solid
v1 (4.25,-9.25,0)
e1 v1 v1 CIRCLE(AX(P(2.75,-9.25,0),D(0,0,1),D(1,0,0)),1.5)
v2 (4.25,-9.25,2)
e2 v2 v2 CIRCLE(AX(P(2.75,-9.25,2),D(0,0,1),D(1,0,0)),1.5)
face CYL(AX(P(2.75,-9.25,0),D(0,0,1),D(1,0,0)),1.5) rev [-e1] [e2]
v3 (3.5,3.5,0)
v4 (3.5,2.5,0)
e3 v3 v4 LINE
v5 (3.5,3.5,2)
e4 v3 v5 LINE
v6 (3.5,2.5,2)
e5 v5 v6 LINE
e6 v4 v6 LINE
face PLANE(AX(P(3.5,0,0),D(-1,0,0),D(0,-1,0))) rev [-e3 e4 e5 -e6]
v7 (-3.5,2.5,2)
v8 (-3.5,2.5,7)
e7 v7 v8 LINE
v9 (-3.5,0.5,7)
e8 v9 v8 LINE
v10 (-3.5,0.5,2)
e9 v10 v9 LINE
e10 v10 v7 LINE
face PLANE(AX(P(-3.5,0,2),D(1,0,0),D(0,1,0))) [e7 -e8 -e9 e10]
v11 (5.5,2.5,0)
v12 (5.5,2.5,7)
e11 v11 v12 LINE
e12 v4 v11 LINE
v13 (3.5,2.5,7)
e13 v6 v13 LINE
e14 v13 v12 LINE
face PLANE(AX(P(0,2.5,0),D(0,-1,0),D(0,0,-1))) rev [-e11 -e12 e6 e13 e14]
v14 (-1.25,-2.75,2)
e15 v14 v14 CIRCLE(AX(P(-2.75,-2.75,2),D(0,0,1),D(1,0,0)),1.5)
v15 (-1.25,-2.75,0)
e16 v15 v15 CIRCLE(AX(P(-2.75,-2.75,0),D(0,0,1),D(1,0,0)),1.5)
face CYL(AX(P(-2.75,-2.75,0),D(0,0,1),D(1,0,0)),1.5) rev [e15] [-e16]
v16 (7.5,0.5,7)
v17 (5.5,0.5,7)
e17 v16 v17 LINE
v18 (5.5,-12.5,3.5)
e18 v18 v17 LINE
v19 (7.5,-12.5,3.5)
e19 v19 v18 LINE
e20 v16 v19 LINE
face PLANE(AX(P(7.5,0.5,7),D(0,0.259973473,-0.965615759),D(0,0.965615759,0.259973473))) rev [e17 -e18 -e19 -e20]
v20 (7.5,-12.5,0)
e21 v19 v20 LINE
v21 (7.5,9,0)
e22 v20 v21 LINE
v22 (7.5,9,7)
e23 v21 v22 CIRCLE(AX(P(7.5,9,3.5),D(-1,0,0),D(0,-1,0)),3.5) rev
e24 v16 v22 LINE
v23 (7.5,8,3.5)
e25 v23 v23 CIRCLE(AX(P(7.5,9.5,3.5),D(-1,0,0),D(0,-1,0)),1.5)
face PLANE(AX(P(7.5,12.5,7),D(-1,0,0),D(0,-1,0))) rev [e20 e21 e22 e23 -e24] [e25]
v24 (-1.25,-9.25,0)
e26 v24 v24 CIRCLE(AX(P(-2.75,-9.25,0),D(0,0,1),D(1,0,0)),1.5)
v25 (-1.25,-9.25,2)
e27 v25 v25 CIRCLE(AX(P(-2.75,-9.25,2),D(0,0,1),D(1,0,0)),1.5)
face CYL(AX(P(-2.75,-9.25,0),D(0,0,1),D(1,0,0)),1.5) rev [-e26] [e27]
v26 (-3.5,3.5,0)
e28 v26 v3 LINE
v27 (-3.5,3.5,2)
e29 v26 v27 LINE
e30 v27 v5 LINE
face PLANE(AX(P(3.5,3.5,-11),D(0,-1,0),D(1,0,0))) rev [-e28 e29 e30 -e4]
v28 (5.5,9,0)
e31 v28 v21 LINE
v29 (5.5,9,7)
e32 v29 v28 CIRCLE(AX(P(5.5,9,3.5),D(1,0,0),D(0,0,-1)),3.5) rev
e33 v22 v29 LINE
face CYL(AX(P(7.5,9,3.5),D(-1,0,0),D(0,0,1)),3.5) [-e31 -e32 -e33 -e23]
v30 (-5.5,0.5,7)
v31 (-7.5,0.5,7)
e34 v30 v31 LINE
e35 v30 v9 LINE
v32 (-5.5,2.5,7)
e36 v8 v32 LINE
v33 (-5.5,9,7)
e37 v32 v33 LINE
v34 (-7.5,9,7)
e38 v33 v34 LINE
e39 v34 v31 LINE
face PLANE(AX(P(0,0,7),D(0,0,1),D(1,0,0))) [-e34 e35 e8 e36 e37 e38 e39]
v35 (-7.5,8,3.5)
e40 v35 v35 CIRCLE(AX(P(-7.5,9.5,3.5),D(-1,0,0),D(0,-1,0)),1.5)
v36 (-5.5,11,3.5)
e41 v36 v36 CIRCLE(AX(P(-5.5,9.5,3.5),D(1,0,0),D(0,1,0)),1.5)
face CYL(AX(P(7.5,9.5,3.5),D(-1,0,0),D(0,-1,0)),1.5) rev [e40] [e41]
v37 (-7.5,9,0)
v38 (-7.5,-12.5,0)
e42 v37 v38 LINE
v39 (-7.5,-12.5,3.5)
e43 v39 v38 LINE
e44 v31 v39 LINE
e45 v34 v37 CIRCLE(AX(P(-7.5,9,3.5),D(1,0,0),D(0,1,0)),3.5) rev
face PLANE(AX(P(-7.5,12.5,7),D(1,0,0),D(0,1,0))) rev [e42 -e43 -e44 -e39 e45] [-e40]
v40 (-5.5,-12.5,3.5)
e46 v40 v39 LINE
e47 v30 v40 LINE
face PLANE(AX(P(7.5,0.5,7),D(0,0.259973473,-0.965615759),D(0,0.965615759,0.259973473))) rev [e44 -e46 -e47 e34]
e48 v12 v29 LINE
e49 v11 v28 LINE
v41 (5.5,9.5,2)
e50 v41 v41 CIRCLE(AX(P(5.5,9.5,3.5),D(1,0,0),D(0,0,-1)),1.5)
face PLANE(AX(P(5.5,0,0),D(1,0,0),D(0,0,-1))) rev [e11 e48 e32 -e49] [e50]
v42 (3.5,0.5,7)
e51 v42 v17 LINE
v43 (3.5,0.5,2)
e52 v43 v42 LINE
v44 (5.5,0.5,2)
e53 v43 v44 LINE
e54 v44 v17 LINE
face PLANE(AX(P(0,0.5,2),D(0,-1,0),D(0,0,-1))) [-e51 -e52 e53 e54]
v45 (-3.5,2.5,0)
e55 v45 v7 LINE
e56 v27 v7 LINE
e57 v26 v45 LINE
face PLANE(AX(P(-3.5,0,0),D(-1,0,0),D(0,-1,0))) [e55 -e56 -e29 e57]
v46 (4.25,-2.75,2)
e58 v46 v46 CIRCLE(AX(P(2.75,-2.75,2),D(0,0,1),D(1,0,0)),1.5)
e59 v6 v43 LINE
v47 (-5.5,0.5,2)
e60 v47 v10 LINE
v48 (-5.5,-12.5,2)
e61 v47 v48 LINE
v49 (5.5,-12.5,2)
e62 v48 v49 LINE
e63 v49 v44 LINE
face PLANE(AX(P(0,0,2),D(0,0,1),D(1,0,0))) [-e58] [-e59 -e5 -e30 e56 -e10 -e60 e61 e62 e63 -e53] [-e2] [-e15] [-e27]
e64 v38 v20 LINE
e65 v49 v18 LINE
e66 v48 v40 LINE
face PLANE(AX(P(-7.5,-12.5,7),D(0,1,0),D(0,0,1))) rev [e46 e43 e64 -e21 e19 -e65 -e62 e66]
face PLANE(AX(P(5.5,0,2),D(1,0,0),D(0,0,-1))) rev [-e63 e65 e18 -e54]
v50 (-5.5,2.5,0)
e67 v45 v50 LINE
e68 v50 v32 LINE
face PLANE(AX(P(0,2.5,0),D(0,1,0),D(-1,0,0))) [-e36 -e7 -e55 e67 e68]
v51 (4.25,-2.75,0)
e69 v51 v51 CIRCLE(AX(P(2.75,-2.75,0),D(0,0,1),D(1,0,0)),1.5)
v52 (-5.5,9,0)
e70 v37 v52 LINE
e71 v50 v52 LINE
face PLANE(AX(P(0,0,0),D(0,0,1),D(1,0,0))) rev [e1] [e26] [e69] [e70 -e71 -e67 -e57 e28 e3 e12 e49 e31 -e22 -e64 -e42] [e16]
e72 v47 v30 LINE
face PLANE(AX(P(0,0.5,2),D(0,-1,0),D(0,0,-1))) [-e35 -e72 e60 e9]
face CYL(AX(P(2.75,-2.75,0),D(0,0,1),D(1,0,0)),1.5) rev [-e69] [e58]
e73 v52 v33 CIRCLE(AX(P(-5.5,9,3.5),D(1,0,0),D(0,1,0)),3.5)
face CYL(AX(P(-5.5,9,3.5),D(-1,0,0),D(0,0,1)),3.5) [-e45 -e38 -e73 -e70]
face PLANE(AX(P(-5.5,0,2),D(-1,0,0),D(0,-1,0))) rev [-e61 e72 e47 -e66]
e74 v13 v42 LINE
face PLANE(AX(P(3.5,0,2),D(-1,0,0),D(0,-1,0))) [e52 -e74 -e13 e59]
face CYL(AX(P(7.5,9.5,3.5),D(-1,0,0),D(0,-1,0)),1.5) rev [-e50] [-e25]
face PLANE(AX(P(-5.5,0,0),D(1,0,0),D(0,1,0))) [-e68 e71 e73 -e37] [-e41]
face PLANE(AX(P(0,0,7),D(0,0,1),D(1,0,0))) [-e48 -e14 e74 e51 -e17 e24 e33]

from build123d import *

# Parameters (mm, degrees)
SKETCH_1_W          = 15
SKETCH_1_H          = 25
EXTRUDE_1_DEPTH     = 7
CUT_EXTRUDE_1_DEPTH = 5
SKETCH_3_W          = 2
SKETCH_3_H          = 10
CUT_EXTRUDE_2_DEPTH = 13
SKETCH_4_W          = 2
SKETCH_4_H          = 3
CUT_EXTRUDE_3_DEPTH = 20.345542122
SKETCH_5_W          = 7
SKETCH_5_H          = 6
CUT_EXTRUDE_4_DEPTH = 13
SKETCH_6_R          = 1.5
EXTRUDE_2_DEPTH     = 2
EXTRUDE_START       = 2
SKETCH_7_R          = 1.5
EXTRUDE_3_DEPTH     = 2
CUT_EXTRUDE_5_DEPTH = 21.742468513
SKETCH_9_R          = 1.5
CUT_EXTRUDE_6_DEPTH = 16.411035007
SKETCH_10_W         = 4
SKETCH_10_H         = 10
EXTRUDE_5_DEPTH     = 7
SKETCH_12_W         = 2
SKETCH_12_H         = 10
CUT_EXTRUDE_7_DEPTH = 17.170961629
SKETCH_14_R         = 1.5
CUT_EXTRUDE_9_DEPTH = 21.742468513
FILLET_1_RADIUS     = 3.5
FILLET_1_LENGTH     = 2
FILLET_2_RADIUS     = 3.5
FILLET_2_LENGTH     = 2


with BuildPart() as part:
    # Эскиз1 → Бобышка-Вытянуть1 (new body)
    with BuildSketch(Plane.XY):
        Rectangle(SKETCH_1_W, SKETCH_1_H)
    extrude(amount=EXTRUDE_1_DEPTH)

    # Эскиз2 → Вырез-Вытянуть1 (cut)
    with BuildSketch(Plane.XY.offset(7)):
        Polygon((-3.5, 0.5), (-5.5, 0.5), (-5.5, -12.5), (5.5, -12.5), (5.5, 0.5), (3.5, 0.5), (3.5, 12.5), (-3.5, 12.5), align=None)
    extrude(amount=-CUT_EXTRUDE_1_DEPTH, mode=Mode.SUBTRACT)

    # Эскиз3 → Вырез-Вытянуть2 (cut)
    with BuildSketch(Plane.XY.offset(7)):
        with Locations((-6.5, 7.5)):
            Rectangle(SKETCH_3_W, SKETCH_3_H)
        with Locations((6.5, 7.5)):
            Rectangle(SKETCH_3_W, SKETCH_3_H)
    extrude(amount=-CUT_EXTRUDE_2_DEPTH, mode=Mode.SUBTRACT)

    # Эскиз4 → Вырез-Вытянуть3 (cut, through all)
    with BuildSketch(Plane.ZY.offset(5.5)):
        with Locations((6, 11)):
            Rectangle(SKETCH_4_W, SKETCH_4_H)
        with Locations((1, 11)):
            Rectangle(SKETCH_4_W, SKETCH_4_H)
    extrude(amount=-CUT_EXTRUDE_3_DEPTH, mode=Mode.SUBTRACT)

    # Эскиз5 → Вырез-Вытянуть4 (cut)
    with BuildSketch(Plane.XY.offset(2)):
        with Locations((0, 6.5)):
            Rectangle(SKETCH_5_W, SKETCH_5_H)
    extrude(amount=-CUT_EXTRUDE_4_DEPTH, mode=Mode.SUBTRACT)

    # Эскиз6 → Бобышка-Вытянуть2 (add)
    with BuildSketch(Plane.ZY.offset(5.5)):
        with Locations(Location((3.5, 9.5, 0), (0, 0, 180))):
            Circle(SKETCH_6_R)
    extrude(amount=EXTRUDE_2_DEPTH)

    # Эскиз7 → Бобышка-Вытянуть3 (add)
    with BuildSketch(Plane(origin=(5.5, 0, 0), x_dir=(0, 0, -1), z_dir=(1, 0, 0)).offset(EXTRUDE_START)):
        with Locations((-3.5, 9.5)):
            Circle(SKETCH_7_R)
    extrude(amount=-EXTRUDE_3_DEPTH)

    # Эскиз8 → Вырез-Вытянуть5 (cut, through all)
    with BuildSketch(Plane.ZY.offset(7.5)):
        Polygon((7, 0.5), (3.5, -12.5), (7, -12.5), align=None)
    extrude(amount=-CUT_EXTRUDE_5_DEPTH, mode=Mode.SUBTRACT)

    # Эскиз9 → Вырез-Вытянуть6 (cut, through all)
    with BuildSketch(Plane.XY.offset(2)):
        with Locations((-2.75, -2.75)):
            Circle(SKETCH_9_R)
        with Locations((2.75, -2.75)):
            Circle(SKETCH_9_R)
        with Locations((-2.75, -9.25)):
            Circle(SKETCH_9_R)
        with Locations((2.75, -9.25)):
            Circle(SKETCH_9_R)
    extrude(amount=-CUT_EXTRUDE_6_DEPTH, mode=Mode.SUBTRACT)

    # Эскиз10 → Бобышка-Вытянуть5 (add)
    with BuildSketch(Plane.XY.offset(7)):
        with Locations((-5.5, 7.5)):
            Rectangle(SKETCH_10_W, SKETCH_10_H)
        with Locations((5.5, 7.5)):
            Rectangle(SKETCH_10_W, SKETCH_10_H)
    extrude(amount=-EXTRUDE_5_DEPTH)

    # Эскиз12 → Вырез-Вытянуть7 (cut, through all)
    with BuildSketch(Plane.XY.offset(7)):
        with Locations((4.5, 7.5)):
            Rectangle(SKETCH_12_W, SKETCH_12_H)
        with Locations((-4.5, 7.5)):
            Rectangle(SKETCH_12_W, SKETCH_12_H)
    extrude(amount=-CUT_EXTRUDE_7_DEPTH, mode=Mode.SUBTRACT)

    # Эскиз14 → Вырез-Вытянуть9 (cut, through all)
    with BuildSketch(Plane.ZY.offset(7.5)):
        with Locations(Location((3.5, 9.5, 0), (0, 0, 270))):
            Circle(SKETCH_14_R)
    extrude(amount=-CUT_EXTRUDE_9_DEPTH, mode=Mode.SUBTRACT)

    # Скругление1: full round fillet: the end face becomes a half cylinder, R = half its width
    fillet_1_face = Plane((-6.5, 12.5, 3.5), x_dir=(1, 0, 0), z_dir=(0, 1, 0))  # on the end face: x along it, z out of the body
    fillet_1_slab = fillet_1_face.offset(-FILLET_1_RADIUS / 2) * Box(FILLET_1_LENGTH, 2 * FILLET_1_RADIUS, FILLET_1_RADIUS, mode=Mode.PRIVATE)  # the body's end, R deep
    fillet_1_round = Plane((-6.5, 9, 3.5), x_dir=(0, 1, 0), z_dir=(1, 0, 0)) * Cylinder(FILLET_1_RADIUS, FILLET_1_LENGTH, mode=Mode.PRIVATE)  # its axis R under the face
    add(fillet_1_slab - fillet_1_round, mode=Mode.SUBTRACT)

    # Скругление2: full round fillet: the end face becomes a half cylinder, R = half its width
    fillet_2_face = Plane((6.5, 12.5, 3.5), x_dir=(1, 0, 0), z_dir=(0, 1, 0))  # on the end face: x along it, z out of the body
    fillet_2_slab = fillet_2_face.offset(-FILLET_2_RADIUS / 2) * Box(FILLET_2_LENGTH, 2 * FILLET_2_RADIUS, FILLET_2_RADIUS, mode=Mode.PRIVATE)  # the body's end, R deep
    fillet_2_round = Plane((6.5, 9, 3.5), x_dir=(0, 1, 0), z_dir=(1, 0, 0)) * Cylinder(FILLET_2_RADIUS, FILLET_2_LENGTH, mode=Mode.PRIVATE)  # its axis R under the face
    add(fillet_2_slab - fillet_2_round, mode=Mode.SUBTRACT)


solid = part.part
